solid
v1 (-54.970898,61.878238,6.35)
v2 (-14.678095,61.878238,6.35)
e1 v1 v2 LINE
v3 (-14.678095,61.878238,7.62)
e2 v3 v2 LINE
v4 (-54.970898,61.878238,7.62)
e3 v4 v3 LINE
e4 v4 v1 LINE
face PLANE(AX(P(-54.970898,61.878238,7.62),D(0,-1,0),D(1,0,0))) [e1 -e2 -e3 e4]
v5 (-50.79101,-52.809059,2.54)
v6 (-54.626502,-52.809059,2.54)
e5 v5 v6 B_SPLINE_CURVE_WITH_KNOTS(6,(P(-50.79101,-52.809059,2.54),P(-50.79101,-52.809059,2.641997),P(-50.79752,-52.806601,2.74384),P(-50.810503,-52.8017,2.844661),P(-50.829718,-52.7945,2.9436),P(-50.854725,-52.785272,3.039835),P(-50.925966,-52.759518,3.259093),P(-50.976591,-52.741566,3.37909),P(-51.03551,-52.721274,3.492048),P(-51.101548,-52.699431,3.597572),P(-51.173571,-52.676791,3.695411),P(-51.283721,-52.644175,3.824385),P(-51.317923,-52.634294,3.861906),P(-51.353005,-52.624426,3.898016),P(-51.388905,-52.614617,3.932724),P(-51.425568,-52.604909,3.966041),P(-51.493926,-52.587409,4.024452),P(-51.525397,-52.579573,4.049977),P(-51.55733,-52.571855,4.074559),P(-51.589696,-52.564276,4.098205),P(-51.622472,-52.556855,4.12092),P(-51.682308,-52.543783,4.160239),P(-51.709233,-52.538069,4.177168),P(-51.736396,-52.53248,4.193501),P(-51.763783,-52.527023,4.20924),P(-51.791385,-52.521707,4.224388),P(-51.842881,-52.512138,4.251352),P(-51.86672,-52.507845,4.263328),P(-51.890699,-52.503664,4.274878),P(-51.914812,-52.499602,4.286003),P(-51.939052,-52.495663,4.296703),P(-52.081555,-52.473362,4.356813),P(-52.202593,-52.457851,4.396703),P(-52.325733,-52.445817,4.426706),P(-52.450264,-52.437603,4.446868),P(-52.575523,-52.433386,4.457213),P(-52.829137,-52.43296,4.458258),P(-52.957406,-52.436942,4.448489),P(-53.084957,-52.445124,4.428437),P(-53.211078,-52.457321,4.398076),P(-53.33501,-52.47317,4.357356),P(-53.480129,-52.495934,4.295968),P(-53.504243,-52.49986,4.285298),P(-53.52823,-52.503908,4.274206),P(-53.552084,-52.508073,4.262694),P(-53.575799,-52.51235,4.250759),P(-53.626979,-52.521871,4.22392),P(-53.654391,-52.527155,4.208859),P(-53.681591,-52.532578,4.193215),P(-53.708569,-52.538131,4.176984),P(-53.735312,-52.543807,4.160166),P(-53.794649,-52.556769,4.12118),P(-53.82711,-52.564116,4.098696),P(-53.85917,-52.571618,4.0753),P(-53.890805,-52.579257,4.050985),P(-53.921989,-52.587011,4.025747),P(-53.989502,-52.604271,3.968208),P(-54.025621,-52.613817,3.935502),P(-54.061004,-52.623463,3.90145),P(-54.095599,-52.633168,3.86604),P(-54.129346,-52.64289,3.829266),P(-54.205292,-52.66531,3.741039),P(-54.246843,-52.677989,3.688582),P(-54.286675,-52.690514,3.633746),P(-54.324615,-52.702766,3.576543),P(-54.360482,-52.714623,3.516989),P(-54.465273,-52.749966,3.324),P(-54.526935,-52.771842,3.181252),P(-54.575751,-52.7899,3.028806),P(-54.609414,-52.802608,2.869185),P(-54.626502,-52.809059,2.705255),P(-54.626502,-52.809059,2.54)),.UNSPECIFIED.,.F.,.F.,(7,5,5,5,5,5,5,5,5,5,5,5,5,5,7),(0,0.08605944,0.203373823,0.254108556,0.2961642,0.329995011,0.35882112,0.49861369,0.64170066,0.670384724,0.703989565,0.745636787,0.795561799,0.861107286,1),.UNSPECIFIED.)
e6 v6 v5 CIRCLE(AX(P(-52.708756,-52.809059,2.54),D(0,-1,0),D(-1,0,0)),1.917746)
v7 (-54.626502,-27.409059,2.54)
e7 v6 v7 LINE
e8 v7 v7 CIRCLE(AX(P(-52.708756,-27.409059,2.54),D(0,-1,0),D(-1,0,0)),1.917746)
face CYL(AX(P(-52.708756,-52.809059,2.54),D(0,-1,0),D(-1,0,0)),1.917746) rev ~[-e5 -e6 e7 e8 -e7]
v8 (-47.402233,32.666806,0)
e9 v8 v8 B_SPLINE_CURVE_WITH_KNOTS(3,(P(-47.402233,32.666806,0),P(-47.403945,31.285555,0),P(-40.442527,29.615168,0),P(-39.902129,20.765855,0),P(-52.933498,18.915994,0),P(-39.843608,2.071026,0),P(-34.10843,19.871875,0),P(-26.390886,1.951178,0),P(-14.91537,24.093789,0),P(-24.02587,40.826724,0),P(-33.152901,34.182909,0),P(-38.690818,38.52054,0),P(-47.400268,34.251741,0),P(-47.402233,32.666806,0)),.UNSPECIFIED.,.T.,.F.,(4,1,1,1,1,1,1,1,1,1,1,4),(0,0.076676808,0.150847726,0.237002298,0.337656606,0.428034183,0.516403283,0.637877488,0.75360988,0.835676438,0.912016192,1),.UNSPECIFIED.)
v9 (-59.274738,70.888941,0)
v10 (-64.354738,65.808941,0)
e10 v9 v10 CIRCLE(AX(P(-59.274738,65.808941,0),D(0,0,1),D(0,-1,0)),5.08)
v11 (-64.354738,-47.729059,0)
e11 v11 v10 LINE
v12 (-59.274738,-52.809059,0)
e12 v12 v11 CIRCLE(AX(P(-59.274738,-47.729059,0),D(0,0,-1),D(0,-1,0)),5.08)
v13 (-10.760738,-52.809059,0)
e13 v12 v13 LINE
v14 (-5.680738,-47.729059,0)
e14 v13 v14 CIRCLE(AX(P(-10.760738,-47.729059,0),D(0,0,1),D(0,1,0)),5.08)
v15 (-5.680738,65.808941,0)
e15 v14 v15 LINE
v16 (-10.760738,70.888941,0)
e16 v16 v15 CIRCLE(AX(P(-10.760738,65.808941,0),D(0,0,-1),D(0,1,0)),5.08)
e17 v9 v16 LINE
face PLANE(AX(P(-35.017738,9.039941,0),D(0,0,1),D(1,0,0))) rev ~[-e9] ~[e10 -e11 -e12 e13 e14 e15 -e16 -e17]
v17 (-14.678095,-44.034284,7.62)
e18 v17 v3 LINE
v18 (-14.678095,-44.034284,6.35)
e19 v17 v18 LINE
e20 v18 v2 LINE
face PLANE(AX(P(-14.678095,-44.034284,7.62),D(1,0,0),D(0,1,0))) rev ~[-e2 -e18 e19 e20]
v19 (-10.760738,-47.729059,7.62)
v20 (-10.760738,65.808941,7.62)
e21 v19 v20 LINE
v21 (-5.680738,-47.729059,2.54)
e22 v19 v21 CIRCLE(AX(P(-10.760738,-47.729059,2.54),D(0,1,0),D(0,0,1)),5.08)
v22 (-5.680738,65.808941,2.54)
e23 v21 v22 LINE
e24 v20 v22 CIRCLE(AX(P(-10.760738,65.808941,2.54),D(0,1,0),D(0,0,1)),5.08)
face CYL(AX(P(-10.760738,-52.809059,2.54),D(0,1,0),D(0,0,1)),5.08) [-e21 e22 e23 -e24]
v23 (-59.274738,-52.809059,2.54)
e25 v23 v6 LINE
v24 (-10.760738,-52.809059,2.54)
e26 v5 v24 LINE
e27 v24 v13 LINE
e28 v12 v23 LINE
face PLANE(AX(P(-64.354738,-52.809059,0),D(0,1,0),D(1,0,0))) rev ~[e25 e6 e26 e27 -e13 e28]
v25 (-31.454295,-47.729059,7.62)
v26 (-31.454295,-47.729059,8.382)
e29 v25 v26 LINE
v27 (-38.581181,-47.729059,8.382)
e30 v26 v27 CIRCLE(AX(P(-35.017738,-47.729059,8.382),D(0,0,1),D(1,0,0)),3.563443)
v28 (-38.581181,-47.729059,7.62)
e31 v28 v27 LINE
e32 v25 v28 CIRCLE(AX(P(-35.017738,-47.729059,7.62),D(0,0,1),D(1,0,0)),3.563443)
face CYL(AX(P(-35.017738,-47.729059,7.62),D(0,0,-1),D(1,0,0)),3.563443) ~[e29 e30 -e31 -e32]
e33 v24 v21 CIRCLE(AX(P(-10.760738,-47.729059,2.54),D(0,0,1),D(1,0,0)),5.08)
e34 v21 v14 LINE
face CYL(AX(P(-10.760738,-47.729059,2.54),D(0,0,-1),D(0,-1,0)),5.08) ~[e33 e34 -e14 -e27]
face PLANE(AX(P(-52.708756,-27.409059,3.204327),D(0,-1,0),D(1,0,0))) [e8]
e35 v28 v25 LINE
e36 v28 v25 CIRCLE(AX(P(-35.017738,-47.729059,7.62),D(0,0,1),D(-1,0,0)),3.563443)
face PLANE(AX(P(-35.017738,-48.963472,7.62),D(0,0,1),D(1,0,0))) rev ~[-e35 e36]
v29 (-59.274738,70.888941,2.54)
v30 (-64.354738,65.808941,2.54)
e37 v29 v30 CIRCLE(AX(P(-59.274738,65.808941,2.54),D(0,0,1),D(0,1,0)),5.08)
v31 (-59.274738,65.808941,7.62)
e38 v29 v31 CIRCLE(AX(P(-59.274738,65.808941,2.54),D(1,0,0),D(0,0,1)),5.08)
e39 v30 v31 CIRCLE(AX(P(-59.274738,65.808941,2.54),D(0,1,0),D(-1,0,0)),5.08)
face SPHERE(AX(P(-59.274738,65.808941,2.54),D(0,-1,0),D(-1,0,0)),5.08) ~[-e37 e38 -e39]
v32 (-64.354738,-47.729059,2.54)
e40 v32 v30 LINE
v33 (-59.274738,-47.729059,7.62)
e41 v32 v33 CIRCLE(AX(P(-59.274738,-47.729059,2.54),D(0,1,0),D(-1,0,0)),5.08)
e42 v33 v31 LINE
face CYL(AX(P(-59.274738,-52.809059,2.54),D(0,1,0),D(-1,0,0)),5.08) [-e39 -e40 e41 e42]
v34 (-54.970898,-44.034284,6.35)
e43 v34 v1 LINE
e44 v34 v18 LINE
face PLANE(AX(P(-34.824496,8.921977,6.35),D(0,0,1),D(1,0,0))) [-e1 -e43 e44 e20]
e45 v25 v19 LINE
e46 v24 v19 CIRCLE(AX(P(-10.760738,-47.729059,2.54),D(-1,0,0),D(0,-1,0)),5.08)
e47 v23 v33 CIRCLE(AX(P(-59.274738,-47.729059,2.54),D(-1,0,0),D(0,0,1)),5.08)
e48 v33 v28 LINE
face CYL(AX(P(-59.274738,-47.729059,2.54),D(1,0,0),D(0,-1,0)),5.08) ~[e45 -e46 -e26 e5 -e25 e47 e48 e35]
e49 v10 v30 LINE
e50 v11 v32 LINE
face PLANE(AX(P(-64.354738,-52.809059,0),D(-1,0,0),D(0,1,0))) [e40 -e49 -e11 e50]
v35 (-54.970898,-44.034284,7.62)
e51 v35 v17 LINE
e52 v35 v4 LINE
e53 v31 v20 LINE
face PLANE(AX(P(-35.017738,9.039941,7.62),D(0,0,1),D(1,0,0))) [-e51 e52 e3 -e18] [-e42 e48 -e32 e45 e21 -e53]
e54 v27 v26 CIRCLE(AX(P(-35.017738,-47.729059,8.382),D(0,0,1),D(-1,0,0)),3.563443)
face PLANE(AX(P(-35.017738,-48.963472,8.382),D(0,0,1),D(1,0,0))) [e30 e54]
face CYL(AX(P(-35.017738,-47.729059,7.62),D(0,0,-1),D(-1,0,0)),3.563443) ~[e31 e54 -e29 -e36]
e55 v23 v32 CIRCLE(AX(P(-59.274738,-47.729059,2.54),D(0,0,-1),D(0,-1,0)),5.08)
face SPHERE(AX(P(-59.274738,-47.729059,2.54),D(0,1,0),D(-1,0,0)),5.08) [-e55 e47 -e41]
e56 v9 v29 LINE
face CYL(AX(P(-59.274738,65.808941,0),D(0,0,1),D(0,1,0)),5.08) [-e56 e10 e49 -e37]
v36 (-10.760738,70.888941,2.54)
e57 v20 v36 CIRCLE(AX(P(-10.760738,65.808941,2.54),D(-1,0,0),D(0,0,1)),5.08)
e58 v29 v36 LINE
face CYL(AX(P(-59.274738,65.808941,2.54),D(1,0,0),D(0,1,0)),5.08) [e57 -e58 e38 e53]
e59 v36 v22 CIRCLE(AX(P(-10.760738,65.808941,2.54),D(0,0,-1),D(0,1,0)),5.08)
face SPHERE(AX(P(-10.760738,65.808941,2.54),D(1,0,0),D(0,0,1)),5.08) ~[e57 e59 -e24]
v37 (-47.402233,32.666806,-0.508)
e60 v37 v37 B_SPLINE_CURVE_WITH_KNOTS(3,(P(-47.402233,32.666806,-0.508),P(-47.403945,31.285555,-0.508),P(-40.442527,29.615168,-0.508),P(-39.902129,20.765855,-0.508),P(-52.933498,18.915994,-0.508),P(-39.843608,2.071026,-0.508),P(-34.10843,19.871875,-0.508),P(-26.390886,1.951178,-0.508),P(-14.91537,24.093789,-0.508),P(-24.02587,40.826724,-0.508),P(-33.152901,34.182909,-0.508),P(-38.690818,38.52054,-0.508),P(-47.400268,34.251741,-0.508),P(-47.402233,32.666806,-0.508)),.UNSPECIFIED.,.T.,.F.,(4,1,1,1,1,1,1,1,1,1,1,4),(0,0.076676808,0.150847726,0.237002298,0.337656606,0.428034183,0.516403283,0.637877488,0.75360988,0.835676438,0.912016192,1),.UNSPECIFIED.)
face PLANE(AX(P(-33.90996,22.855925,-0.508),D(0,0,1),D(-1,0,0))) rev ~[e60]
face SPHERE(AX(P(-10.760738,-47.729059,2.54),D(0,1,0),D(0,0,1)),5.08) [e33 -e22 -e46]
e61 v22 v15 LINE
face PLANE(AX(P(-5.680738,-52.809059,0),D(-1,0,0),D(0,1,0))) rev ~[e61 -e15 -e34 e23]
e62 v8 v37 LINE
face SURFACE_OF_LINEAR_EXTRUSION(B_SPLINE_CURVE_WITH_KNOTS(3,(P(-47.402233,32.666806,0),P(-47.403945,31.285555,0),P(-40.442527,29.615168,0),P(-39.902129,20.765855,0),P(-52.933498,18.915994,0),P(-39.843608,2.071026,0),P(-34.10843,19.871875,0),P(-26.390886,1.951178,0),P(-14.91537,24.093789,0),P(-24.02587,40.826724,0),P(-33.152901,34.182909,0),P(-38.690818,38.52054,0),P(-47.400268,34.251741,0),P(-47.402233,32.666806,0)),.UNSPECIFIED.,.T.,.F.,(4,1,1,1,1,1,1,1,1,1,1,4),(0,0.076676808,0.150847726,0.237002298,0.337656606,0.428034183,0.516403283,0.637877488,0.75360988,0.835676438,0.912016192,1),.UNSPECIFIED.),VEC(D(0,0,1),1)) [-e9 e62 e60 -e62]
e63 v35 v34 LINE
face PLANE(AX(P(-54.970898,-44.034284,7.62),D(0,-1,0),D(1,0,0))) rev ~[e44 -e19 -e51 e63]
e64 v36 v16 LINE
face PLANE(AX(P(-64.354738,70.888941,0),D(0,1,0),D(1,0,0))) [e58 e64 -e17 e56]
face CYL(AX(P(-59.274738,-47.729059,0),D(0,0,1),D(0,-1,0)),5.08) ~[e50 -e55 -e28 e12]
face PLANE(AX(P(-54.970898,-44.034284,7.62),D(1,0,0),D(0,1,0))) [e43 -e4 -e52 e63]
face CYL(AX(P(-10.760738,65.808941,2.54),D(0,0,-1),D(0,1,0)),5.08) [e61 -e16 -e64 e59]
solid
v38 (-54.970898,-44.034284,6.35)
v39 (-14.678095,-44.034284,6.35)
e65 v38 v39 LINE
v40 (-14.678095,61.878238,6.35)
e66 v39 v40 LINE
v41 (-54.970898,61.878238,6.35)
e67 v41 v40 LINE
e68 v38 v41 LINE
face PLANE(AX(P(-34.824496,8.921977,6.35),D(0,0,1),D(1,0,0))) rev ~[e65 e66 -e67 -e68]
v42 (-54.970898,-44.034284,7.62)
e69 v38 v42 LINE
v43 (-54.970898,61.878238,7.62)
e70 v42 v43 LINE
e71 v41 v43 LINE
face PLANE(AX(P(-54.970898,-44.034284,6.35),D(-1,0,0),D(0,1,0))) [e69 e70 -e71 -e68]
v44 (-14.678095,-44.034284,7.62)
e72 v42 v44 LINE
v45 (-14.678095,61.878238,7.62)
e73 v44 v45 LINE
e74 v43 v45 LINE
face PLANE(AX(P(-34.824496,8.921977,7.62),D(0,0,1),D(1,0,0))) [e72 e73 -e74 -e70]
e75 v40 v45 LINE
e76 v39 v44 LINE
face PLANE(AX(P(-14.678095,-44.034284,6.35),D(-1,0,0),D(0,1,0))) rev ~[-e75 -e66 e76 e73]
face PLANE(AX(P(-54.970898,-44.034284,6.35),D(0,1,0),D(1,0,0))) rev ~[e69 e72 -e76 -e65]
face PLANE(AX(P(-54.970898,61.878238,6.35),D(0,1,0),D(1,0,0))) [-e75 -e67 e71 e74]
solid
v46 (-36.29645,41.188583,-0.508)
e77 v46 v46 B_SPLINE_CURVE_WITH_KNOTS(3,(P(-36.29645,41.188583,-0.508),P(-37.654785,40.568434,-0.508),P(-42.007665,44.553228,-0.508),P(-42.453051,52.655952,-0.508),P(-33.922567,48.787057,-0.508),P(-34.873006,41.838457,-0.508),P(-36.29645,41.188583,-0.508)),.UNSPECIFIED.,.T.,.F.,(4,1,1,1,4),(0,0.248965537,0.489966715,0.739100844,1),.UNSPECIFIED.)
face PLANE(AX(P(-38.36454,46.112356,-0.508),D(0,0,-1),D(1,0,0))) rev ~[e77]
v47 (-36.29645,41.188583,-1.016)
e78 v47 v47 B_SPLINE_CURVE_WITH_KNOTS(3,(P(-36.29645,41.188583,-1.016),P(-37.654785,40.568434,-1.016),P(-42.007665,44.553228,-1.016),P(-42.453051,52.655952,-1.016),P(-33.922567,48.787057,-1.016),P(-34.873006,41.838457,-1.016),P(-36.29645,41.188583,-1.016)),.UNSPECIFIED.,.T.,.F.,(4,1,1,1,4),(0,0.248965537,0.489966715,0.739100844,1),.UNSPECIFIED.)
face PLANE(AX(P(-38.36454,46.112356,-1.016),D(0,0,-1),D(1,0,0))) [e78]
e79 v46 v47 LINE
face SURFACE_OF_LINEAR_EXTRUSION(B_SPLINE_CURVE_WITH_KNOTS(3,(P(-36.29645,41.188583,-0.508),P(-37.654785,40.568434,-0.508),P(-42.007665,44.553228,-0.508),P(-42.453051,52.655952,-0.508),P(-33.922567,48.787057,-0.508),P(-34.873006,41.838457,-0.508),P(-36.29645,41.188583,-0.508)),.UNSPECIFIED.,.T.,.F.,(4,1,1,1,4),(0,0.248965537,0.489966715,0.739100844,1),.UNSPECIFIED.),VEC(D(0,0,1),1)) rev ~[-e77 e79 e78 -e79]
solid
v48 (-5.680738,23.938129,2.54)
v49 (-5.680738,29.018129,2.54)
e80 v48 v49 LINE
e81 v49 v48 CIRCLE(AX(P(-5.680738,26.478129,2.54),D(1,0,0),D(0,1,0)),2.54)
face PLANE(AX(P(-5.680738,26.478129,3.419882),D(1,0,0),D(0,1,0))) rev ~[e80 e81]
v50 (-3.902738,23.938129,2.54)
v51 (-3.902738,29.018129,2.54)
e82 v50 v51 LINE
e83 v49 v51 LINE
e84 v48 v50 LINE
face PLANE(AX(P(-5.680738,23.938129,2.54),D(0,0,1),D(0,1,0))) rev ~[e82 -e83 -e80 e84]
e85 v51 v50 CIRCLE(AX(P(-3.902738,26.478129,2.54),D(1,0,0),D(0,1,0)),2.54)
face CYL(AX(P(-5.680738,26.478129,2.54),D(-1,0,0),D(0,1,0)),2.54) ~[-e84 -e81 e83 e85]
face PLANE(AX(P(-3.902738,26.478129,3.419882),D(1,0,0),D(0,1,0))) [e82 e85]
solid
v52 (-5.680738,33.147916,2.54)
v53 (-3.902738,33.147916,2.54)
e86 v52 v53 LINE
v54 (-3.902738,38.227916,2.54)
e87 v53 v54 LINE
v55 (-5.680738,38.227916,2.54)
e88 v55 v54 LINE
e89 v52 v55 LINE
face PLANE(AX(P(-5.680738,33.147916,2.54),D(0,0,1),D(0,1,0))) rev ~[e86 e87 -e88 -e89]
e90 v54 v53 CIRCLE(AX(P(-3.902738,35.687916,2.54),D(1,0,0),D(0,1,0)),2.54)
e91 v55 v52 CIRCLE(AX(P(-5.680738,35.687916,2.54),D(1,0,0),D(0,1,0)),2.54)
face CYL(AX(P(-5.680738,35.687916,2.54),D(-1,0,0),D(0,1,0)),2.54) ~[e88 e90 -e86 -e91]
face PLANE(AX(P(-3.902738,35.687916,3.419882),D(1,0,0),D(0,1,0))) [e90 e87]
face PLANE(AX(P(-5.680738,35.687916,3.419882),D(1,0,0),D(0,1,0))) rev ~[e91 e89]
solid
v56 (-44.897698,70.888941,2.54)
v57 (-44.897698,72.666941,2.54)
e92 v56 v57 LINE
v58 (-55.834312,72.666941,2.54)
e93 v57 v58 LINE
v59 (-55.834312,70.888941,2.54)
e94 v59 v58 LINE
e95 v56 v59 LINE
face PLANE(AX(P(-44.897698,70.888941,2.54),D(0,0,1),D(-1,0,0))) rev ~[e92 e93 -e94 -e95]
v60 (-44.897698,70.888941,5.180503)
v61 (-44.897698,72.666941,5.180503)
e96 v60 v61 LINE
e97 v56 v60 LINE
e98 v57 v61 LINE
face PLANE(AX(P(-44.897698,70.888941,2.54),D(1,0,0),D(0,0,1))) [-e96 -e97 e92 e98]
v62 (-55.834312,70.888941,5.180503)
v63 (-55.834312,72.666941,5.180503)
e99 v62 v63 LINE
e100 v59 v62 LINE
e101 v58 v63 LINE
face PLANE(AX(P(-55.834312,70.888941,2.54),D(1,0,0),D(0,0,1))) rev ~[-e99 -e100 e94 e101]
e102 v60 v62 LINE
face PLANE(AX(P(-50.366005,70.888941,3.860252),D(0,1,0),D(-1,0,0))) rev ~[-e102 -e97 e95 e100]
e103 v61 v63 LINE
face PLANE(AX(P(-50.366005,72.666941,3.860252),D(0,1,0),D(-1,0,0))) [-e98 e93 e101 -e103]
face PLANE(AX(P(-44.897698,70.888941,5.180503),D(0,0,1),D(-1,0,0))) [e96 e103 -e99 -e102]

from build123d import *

# Parameters (mm, degrees)
F0_W      = 58.674
F0_H      = 123.698
F1_DEPTH  = 7.62
F2_R      = 5.08
F3_R      = 5.08
F4_R      = 5.08
F5_R      = 5.08
F6_W      = 40.2928031981
F6_H      = 105.9125214815
F7_DEPTH  = 1.27
F8_W      = 40.2928031981
F8_H      = 105.9125214815
F9_DEPTH  = 1.27
F13_DEPTH = 1.778
F12_W     = 10.936614126
F12_H     = 2.6405032417
F14_DEPTH = 1.778
F16_DEPTH = 1.778
F17_DEPTH = 0.762
F19_DEPTH = 0.508
F21_DEPTH = 0.508
F23_DEPTH = 25.4


with BuildPart() as f1:
    # F0 (on Top) → F1 (new body)
    with BuildSketch(Plane.XY):
        with Locations((-35.0177383424, 9.0399411573)):
            Rectangle(F0_W, F0_H)
    extrude(amount=F1_DEPTH)

    # F2
    f2_edges = [f1.edges().sort_by_distance(p)[0] for p in [
        (-64.354738, 9.039941, 7.62),
    ]]
    fillet(f2_edges, radius=F2_R)

    # F3
    f3_edges = [f1.edges().sort_by_distance(p)[0] for p in [
        (-32.477738, 70.888941, 7.62),
    ]]
    fillet(f3_edges, radius=F3_R)

    # F4
    f4_edges = [f1.edges().sort_by_distance(p)[0] for p in [
        (-5.680738, 6.499941, 7.62),
    ]]
    fillet(f4_edges, radius=F4_R)

    # F5
    f5_edges = [f1.edges().sort_by_distance(p)[0] for p in [
        (-35.017738, -52.809059, 7.62),
    ]]
    fillet(f5_edges, radius=F5_R)

    # F6 (on face) → F7 (cut)
    with BuildSketch(Plane.XY.offset(7.62)):
        with Locations((-34.8244961351, 8.9219771326)):
            Rectangle(F6_W, F6_H)
    extrude(amount=-F7_DEPTH, mode=Mode.SUBTRACT)

    # F15 (on face) → F17 (join)
    with BuildSketch(Plane.XY.offset(7.62)):
        with BuildLine():
            ThreePointArc((-38.5811812844, -47.7290588427), (-35.0177383424, -51.2925017847), (-31.4542954004, -47.7290588427))
            Line((-31.4542954004, -47.7290588427), (-38.5811812844, -47.7290588427))
        make_face()
        with BuildLine():
            Line((-38.5811812844, -47.7290588427), (-31.4542954004, -47.7290588427))
            ThreePointArc((-31.4542954004, -47.7290588427), (-35.0177383424, -44.1656159008), (-38.5811812844, -47.7290588427))
        make_face()
    extrude(amount=F17_DEPTH)

    # F18 (on face) → F19 (join)
    with BuildSketch(Plane(origin=(0, 0, 0), x_dir=(1, 0, 0), z_dir=(0, 0, -1))):
        with BuildLine():
            add(Edge.make_bspline(
                [(-47.4022328854, -32.6668061316), (-47.4039454411, -31.2855552534), (-40.4425272484, -29.6151679359), (-39.9021285325, -20.7658551572), (-52.9334982886, -18.9159938423), (-39.8436082704, -2.0710260589), (-34.1084299608, -19.8718751113), (-26.3908858564, -1.9511775764), (-14.9153701039, -24.0937892291), (-24.0258697055, -40.8267238563), (-33.1529012898, -34.1829091107), (-38.6908181577, -38.5205402908), (-47.4002677908, -34.2517405467), (-47.4022328854, -32.6668061316)],
                knots=[0, 0, 0, 0, 0.076676808, 0.1508477257, 0.2370022983, 0.3376566061, 0.4280341834, 0.5164032829, 0.6378774884, 0.7536098802, 0.8356764376, 0.9120161922, 1, 1, 1, 1], degree=3))
        make_face()
    extrude(amount=F19_DEPTH)

    # F22 (on face) → F23 (cut)
    with BuildSketch(Plane.XZ.offset(52.8090588427)):
        with BuildLine():
            Line((-54.626502028, 2.54), (-50.7910103292, 2.54))
            ThreePointArc((-50.7910103292, 2.54), (-52.7087561786, 4.4577458494), (-54.626502028, 2.54))
        make_face()
        with BuildLine():
            ThreePointArc((-54.626502028, 2.54), (-52.7087561786, 0.6222541506), (-50.7910103292, 2.54))
            Line((-50.7910103292, 2.54), (-54.626502028, 2.54))
        make_face()
    extrude(amount=-F23_DEPTH, mode=Mode.SUBTRACT)


with BuildPart() as f9:
    # F8 (on face) → F9 (new body)
    with BuildSketch(Plane.XY.offset(6.35)):
        with Locations((-34.8244961351, 8.9219771326)):
            Rectangle(F8_W, F8_H)
    extrude(amount=F9_DEPTH)


with BuildPart() as f13:
    # F11 (on face) → F13 (new body)
    with BuildSketch(Plane.YZ.offset(-5.6807383424)):
        with BuildLine():
            Line((23.9381285077, 2.54), (29.0181285077, 2.54))
            ThreePointArc((29.0181285077, 2.54), (26.4781285077, 5.08), (23.9381285077, 2.54))
        make_face()
    extrude(amount=F13_DEPTH)


with BuildPart() as f14:
    # F12 (on face) → F14 (new body)
    with BuildSketch(Plane(origin=(0, 70.8889411573, 0), x_dir=(-1, 0, 0), z_dir=(0, 1, 0))):
        with Locations((50.3660049289, 3.8602516209)):
            Rectangle(F12_W, F12_H)
    extrude(amount=F14_DEPTH)


with BuildPart() as f16:
    # F10 (on face) → F16 (new body)
    with BuildSketch(Plane.YZ.offset(-5.6807383424)):
        with BuildLine():
            Line((33.1479159808, 2.54), (38.2279159808, 2.54))
            ThreePointArc((38.2279159808, 2.54), (35.6879159808, 5.08), (33.1479159808, 2.54))
        make_face()
    extrude(amount=F16_DEPTH)


with BuildPart() as f21:
    # F20 (on face) → F21 (new body)
    with BuildSketch(Plane(origin=(0, 0, -0.508), x_dir=(1, 0, 0), z_dir=(0, 0, -1))):
        with BuildLine():
            add(Edge.make_bspline(
                [(-36.2964496017, -41.188582778), (-37.6547848521, -40.5684336535), (-42.0076645606, -44.5532276834), (-42.4530510913, -52.6559515619), (-33.9225672026, -48.7870567461), (-34.8730055186, -41.8384573959), (-36.2964496017, -41.188582778)],
                knots=[0, 0, 0, 0, 0.2489655368, 0.4899667149, 0.7391008442, 1, 1, 1, 1], degree=3))
        make_face()
    extrude(amount=F21_DEPTH)


solid = Compound([f1.part, f9.part, f13.part, f14.part, f16.part, f21.part])
